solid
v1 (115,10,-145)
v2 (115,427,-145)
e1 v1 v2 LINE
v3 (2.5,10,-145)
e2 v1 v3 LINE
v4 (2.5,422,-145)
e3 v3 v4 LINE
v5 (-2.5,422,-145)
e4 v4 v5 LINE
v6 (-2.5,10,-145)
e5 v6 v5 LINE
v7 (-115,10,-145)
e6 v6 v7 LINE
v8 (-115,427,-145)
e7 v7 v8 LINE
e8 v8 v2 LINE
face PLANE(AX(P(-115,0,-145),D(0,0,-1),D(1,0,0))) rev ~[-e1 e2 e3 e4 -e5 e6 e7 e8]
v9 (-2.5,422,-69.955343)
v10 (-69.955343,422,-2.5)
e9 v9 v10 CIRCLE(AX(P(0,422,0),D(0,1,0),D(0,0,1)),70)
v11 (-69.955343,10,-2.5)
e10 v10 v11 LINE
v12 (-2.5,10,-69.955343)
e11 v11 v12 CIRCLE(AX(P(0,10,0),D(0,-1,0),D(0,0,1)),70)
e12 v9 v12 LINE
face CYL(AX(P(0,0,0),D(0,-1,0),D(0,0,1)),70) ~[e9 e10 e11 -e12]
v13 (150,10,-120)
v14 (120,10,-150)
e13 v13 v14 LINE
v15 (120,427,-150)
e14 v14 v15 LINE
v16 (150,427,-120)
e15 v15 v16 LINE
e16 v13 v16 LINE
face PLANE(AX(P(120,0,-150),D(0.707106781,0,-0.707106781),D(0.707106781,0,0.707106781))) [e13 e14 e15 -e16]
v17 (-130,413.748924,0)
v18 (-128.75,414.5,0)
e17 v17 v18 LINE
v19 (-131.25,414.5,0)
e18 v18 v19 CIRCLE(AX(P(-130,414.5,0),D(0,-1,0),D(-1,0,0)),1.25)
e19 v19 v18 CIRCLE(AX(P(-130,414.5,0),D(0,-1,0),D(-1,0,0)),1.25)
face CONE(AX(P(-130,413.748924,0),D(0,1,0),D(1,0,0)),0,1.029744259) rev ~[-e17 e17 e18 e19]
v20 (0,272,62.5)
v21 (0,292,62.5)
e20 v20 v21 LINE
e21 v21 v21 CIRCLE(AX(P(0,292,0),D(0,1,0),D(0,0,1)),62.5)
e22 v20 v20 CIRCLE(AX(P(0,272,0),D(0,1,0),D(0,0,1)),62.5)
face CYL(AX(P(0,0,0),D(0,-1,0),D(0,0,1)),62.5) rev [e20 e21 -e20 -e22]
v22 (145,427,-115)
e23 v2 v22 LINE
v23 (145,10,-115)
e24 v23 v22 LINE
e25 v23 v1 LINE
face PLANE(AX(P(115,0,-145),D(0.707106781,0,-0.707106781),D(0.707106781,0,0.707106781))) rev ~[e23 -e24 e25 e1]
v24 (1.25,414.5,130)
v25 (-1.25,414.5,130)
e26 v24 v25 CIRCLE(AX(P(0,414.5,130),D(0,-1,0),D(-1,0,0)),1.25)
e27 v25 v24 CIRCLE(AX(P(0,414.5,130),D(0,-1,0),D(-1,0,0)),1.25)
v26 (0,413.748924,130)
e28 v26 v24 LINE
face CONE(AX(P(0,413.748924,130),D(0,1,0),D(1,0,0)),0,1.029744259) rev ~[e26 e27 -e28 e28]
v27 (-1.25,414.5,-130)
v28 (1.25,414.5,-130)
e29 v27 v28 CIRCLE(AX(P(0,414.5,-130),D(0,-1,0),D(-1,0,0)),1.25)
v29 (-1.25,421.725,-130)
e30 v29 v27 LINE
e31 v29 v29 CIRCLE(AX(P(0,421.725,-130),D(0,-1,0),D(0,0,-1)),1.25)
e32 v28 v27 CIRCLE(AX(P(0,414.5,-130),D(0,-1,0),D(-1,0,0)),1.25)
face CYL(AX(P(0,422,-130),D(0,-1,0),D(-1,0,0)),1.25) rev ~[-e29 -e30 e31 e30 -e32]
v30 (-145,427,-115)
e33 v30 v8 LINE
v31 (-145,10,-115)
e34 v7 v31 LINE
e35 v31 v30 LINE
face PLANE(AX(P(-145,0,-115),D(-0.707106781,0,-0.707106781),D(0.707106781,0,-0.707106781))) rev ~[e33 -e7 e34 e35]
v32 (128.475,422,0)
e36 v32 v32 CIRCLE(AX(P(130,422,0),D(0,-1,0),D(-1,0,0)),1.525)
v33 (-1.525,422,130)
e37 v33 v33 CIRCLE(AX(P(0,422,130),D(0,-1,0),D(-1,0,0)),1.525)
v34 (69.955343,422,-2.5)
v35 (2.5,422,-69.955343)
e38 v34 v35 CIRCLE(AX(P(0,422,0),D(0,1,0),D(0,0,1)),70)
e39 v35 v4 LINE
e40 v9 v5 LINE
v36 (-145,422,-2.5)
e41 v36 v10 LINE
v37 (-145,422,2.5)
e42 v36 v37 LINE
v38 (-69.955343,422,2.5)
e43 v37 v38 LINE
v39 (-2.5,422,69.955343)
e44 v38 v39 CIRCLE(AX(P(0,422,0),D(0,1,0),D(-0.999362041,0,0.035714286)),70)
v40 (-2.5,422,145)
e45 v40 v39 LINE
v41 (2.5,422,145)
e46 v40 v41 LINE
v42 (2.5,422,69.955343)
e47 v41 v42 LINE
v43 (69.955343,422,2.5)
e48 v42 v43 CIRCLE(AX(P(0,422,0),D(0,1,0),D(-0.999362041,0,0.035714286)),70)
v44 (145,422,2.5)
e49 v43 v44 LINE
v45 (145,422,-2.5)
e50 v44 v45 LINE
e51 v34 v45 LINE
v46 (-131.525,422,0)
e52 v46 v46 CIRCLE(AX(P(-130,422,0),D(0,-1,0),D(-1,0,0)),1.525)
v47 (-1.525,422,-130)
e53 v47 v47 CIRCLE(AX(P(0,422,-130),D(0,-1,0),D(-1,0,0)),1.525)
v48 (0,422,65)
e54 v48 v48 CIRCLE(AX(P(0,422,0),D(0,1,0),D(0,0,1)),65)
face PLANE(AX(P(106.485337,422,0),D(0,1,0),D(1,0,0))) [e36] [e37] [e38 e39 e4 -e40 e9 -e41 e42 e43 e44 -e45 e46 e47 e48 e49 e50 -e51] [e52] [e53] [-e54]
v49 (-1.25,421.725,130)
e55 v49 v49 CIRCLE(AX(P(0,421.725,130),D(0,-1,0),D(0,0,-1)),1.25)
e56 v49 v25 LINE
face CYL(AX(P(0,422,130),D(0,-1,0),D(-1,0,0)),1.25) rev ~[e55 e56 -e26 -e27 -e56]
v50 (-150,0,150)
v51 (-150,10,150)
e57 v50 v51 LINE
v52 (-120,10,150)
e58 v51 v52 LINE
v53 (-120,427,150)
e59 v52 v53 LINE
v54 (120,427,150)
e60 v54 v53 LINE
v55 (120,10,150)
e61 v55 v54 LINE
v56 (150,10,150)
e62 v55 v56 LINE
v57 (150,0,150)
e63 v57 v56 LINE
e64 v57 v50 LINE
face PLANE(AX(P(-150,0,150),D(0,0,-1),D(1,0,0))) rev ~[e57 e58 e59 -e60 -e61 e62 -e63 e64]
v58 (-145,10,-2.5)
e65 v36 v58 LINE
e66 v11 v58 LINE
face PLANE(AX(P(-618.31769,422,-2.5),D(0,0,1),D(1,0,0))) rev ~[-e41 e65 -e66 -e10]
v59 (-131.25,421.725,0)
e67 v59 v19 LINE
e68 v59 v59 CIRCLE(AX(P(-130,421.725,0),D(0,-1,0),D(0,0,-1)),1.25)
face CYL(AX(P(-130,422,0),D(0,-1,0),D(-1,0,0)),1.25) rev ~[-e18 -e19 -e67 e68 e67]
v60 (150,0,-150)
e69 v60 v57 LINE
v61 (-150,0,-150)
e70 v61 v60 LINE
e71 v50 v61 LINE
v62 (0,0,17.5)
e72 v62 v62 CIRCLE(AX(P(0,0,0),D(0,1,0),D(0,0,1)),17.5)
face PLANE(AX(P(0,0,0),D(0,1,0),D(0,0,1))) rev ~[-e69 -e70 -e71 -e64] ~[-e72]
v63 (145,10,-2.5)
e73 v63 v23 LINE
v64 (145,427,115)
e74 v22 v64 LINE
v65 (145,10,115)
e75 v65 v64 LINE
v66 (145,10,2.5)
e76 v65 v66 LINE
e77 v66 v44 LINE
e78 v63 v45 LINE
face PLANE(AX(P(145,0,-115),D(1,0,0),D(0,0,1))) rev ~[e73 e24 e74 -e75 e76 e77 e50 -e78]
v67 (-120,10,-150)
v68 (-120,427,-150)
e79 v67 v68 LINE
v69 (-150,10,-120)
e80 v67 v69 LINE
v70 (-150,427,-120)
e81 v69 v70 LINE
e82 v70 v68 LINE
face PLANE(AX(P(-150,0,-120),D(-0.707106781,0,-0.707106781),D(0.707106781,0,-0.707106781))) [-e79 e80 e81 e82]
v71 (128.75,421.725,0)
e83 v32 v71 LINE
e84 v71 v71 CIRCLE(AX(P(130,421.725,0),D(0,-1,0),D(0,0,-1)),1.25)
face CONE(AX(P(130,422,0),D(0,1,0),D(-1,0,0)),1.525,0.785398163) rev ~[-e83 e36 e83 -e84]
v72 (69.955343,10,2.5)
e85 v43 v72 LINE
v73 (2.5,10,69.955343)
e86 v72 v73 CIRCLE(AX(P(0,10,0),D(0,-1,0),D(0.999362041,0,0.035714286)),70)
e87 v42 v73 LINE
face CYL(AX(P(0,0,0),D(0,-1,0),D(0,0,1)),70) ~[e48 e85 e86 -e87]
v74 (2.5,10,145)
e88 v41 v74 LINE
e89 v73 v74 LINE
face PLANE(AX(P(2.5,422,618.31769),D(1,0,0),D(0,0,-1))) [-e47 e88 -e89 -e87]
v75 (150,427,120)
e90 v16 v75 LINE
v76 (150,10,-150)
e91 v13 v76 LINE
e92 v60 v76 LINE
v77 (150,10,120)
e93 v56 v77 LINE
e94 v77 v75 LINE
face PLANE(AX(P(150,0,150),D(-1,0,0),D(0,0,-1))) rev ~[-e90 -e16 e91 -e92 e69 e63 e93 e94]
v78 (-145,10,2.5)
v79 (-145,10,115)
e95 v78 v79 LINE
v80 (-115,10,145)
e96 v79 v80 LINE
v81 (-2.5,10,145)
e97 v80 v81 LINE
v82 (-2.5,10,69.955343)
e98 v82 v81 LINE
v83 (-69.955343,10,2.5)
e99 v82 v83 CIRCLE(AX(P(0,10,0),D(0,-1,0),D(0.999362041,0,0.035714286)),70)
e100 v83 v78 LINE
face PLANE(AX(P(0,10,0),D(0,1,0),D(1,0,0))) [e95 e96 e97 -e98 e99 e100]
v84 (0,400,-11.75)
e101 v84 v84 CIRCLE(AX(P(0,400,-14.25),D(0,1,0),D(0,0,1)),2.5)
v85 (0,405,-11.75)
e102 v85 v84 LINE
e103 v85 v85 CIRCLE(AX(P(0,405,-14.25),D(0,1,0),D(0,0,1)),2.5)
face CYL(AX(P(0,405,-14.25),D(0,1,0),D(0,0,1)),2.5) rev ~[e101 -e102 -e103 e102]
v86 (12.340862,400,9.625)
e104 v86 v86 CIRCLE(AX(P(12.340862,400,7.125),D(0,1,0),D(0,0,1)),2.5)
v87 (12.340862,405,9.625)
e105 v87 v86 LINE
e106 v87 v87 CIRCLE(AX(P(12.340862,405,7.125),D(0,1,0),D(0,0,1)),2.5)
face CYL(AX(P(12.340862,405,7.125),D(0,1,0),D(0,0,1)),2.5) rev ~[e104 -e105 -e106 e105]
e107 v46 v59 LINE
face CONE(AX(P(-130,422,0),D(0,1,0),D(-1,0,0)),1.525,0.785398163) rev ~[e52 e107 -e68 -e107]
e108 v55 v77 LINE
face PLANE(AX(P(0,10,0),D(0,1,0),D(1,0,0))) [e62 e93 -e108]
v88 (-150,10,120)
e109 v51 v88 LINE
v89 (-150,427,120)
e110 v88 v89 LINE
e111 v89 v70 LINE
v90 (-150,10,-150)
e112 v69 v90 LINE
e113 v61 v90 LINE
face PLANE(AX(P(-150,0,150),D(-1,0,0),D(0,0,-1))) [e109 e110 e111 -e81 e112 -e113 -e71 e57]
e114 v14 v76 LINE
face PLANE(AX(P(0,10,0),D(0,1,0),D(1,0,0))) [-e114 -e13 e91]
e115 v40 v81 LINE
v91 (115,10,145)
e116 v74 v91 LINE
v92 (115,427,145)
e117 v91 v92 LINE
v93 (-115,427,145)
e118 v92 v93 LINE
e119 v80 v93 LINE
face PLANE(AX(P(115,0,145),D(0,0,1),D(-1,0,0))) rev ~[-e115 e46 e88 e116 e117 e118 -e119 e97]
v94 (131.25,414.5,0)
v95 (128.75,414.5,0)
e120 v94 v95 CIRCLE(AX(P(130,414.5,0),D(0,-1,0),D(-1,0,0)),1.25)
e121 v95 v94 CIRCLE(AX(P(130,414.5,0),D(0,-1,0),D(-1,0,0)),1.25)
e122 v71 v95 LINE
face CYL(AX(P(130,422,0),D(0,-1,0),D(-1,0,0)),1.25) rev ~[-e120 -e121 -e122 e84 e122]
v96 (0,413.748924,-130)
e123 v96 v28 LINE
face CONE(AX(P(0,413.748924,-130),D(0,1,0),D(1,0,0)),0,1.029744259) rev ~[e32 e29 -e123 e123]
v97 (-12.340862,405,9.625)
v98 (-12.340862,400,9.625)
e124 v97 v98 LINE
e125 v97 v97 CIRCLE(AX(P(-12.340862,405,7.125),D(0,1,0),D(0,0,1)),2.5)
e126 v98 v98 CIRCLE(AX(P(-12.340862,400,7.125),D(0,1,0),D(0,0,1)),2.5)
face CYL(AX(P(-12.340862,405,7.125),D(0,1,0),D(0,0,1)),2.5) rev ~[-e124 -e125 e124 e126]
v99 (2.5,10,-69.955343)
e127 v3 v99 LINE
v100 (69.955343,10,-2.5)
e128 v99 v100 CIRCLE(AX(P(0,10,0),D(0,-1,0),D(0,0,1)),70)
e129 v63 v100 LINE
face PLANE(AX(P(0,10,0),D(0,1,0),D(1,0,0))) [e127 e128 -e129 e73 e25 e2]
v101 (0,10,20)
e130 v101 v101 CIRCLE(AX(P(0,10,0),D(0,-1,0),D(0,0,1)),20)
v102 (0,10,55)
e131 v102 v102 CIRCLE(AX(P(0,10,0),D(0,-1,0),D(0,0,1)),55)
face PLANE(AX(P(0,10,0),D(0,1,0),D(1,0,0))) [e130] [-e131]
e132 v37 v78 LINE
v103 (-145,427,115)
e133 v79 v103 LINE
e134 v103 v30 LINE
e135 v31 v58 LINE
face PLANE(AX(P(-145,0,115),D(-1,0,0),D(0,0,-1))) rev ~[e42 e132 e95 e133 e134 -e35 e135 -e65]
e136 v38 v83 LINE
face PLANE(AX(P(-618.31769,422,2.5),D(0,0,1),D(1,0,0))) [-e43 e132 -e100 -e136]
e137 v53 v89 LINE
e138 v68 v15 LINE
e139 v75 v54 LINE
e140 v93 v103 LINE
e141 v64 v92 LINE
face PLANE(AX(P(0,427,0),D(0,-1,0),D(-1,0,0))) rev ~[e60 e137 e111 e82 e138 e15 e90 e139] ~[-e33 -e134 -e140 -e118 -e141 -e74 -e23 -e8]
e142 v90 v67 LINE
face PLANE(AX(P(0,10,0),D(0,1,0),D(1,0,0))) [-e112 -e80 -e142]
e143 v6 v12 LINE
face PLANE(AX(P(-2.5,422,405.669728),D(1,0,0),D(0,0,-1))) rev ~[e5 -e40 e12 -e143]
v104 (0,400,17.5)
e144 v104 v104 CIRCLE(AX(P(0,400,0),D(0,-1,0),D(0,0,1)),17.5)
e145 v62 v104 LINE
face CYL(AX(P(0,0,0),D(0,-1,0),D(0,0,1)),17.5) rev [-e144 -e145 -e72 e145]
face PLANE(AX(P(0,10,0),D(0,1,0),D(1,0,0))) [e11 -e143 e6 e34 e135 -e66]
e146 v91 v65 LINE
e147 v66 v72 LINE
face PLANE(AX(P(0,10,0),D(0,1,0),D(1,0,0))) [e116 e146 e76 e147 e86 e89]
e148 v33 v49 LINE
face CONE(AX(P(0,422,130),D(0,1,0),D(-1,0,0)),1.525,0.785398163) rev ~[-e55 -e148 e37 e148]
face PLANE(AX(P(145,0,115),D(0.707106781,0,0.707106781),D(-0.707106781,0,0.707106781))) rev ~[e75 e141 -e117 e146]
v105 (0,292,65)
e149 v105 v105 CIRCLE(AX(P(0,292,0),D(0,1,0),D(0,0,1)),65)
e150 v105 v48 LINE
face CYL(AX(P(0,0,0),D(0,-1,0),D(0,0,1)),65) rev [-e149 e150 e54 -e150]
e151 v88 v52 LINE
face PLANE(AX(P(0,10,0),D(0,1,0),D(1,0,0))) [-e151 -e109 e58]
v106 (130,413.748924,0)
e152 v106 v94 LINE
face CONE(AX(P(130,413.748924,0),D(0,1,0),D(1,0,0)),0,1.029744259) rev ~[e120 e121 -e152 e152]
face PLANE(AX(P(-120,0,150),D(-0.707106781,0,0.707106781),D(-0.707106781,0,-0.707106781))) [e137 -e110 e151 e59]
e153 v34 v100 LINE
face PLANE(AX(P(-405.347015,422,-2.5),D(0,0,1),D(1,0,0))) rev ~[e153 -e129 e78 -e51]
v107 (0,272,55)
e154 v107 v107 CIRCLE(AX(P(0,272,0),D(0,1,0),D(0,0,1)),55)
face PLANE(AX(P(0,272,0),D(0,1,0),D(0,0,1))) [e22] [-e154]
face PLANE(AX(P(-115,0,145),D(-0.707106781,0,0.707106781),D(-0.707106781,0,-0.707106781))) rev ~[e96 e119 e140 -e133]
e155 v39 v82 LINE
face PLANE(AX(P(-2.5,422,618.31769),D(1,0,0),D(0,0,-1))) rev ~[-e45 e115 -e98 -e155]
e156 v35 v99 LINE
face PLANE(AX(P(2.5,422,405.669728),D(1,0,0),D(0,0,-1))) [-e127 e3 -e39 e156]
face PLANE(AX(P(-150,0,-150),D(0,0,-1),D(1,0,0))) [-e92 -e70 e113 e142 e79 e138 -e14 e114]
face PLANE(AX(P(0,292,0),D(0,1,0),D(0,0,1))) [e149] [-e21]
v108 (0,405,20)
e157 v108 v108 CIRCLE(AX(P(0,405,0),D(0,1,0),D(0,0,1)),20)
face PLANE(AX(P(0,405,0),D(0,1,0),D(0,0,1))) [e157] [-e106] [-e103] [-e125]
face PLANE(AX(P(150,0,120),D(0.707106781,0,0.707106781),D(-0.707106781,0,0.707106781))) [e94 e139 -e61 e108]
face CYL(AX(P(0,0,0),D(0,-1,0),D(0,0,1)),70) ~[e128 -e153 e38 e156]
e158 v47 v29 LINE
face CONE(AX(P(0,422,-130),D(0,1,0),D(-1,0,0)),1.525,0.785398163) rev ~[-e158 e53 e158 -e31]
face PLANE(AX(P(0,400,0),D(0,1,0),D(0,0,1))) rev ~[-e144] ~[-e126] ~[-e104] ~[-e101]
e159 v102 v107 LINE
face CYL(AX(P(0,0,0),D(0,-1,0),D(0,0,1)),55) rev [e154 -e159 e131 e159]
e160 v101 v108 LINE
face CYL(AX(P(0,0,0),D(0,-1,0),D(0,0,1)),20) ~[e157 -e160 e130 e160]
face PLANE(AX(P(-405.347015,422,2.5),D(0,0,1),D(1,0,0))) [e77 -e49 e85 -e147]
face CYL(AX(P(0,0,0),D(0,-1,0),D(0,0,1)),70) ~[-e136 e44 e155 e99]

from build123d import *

# Parameters (mm, degrees)
SKETCH1_W                   = 300
SKETCH1_H                   = 300
SKETCH1_R                   = 17.5
BOSS_EXTRUDE1_DEPTH         = 10
SKETCH1_3_R                 = 65
SKETCH1_3_R_2               = 62.5
BOSS_EXTRUDE2_DEPTH         = 292
SKETCH1_4_R                 = 70
SKETCH1_4_R_2               = 65
BOSS_EXTRUDE3_DEPTH         = 422
SKETCH1_5_R                 = 20
SKETCH1_5_R_2               = 17.5
BOSS_EXTRUDE4_DEPTH         = 405
BOSS_EXTRUDE5_START         = -5
SKETCH3_R                   = 20
BOSS_EXTRUDE5_DEPTH         = 5
SKETCH4_R                   = 2.5
CUT_EXTRUDE1_DEPTH          = 5
BOSS_EXTRUDE6_DEPTH         = 427
RIB3_REACH                  = 474.318
SKETCH7_WALLS_W             = 1023.664705026
SKETCH7_WALLS_H             = 5
SKETCH7_WALLS_W_2           = 1024.247045089
SKETCH7_WALLS_W_3           = 5
SKETCH7_WALLS_H_2           = 1023.987417205
SKETCH7_WALLS_H_3           = 1024.344484495
M3_TAPPED_HOLE1_D           = 2.5
M3_TAPPED_HOLE1_DEPTH       = 7.5
M3_TAPPED_HOLE1_CSINK_D     = 3.05
M3_TAPPED_HOLE1_CSINK_ANGLE = 90
M3_TAPPED_HOLE1_TIP         = 0.751075774
SKETCH1_6_R                 = 62.5
SKETCH1_6_R_2               = 55
BOSS_EXTRUDE7_DEPTH         = 272


with BuildPart() as part:
    # Sketch1 → Boss-Extrude1 (new body)
    with BuildSketch(Plane(origin=(0, 0, 0), x_dir=(1, 0, 0), z_dir=(0, 1, 0))):
        Rectangle(SKETCH1_W, SKETCH1_H)
        Circle(SKETCH1_R, mode=Mode.SUBTRACT)
    extrude(amount=BOSS_EXTRUDE1_DEPTH)

    # Sketch1<3> → Boss-Extrude2 (add)
    with BuildSketch(Plane(origin=(0, 0, 0), x_dir=(1, 0, 0), z_dir=(0, 1, 0))):
        Circle(SKETCH1_3_R)
        Circle(SKETCH1_3_R_2, mode=Mode.SUBTRACT)
    extrude(amount=BOSS_EXTRUDE2_DEPTH)

    # Sketch1<4> → Boss-Extrude3 (add)
    with BuildSketch(Plane(origin=(0, 0, 0), x_dir=(1, 0, 0), z_dir=(0, 1, 0))):
        Circle(SKETCH1_4_R)
        Circle(SKETCH1_4_R_2, mode=Mode.SUBTRACT)
    extrude(amount=BOSS_EXTRUDE3_DEPTH)

    # Sketch1<5> → Boss-Extrude4 (add)
    with BuildSketch(Plane(origin=(0, 0, 0), x_dir=(1, 0, 0), z_dir=(0, 1, 0))):
        Circle(SKETCH1_5_R)
        Circle(SKETCH1_5_R_2, mode=Mode.SUBTRACT)
    extrude(amount=BOSS_EXTRUDE4_DEPTH)

    # Sketch3 → Boss-Extrude5 (add)
    with BuildSketch(Plane(origin=(0, 405, 0), x_dir=(1, 0, 0), z_dir=(0, 1, 0)).offset(BOSS_EXTRUDE5_START)):
        Circle(SKETCH3_R)
    extrude(amount=BOSS_EXTRUDE5_DEPTH)

    # Sketch4 → Cut-Extrude1 (cut)
    with BuildSketch(Plane(origin=(0, 405, 0), x_dir=(1, 0, 0), z_dir=(0, 1, 0))):
        with Locations((0, 14.25)):
            Circle(SKETCH4_R)
        with Locations((12.340862004, -7.125)):
            Circle(SKETCH4_R)
        with Locations((-12.340862004, -7.125)):
            Circle(SKETCH4_R)
    extrude(amount=-CUT_EXTRUDE1_DEPTH, mode=Mode.SUBTRACT)

    # Sketch6 → Boss-Extrude6 (add)
    with BuildSketch(Plane(origin=(0, 0, 0), x_dir=(1, 0, 0), z_dir=(0, 1, 0))):
        Polygon((-120, 150), (120, 150), (150, 120), (150, -120), (120, -150), (-120, -150), (-150, -120), (-150, 120), align=None)
        Polygon((115, 145), (145, 115), (145, -115), (115, -145), (-115, -145), (-145, -115), (-145, 115), (-115, 145), align=None, mode=Mode.SUBTRACT)
    extrude(amount=BOSS_EXTRUDE6_DEPTH)

    # Sketch7 walls → Rib3 (add, up to next)
    with BuildSketch(Plane(origin=(0, 422, 0), x_dir=(1, 0, 0), z_dir=(0, 1, 0)), mode=Mode.PRIVATE) as rib3_sk1:
        with Locations((106.485337183, 0)):
            Rectangle(SKETCH7_WALLS_W, SKETCH7_WALLS_H)
    rib3_tool1 = extrude(rib3_sk1.sketch, amount=-RIB3_REACH, mode=Mode.PRIVATE) - part.part
    # Sketch7 walls → Rib3 (add, up to next)
    with BuildSketch(Plane(origin=(0, 422, 0), x_dir=(1, 0, 0), z_dir=(0, 1, 0)), mode=Mode.PRIVATE) as rib3_sk2:
        with Locations((-106.194167151, 0)):
            Rectangle(SKETCH7_WALLS_W_2, SKETCH7_WALLS_H)
    rib3_tool2 = extrude(rib3_sk2.sketch, amount=-RIB3_REACH, mode=Mode.PRIVATE) - part.part
    # Sketch7 walls → Rib3 (add, up to next)
    with BuildSketch(Plane(origin=(0, 422, 0), x_dir=(1, 0, 0), z_dir=(0, 1, 0)), mode=Mode.PRIVATE) as rib3_sk3:
        with Locations((0, 106.323981093)):
            Rectangle(SKETCH7_WALLS_W_3, SKETCH7_WALLS_H_2)
    rib3_tool3 = extrude(rib3_sk3.sketch, amount=-RIB3_REACH, mode=Mode.PRIVATE) - part.part
    # Sketch7 walls → Rib3 (add, up to next)
    with BuildSketch(Plane(origin=(0, 422, 0), x_dir=(1, 0, 0), z_dir=(0, 1, 0)), mode=Mode.PRIVATE) as rib3_sk4:
        with Locations((0, -106.145447448)):
            Rectangle(SKETCH7_WALLS_W_3, SKETCH7_WALLS_H_3)
    rib3_tool4 = extrude(rib3_sk4.sketch, amount=-RIB3_REACH, mode=Mode.PRIVATE) - part.part
    add(rib3_tool1.solids().sort_by_distance((106.485337183, 422, 0))[0])
    add(rib3_tool2.solids().sort_by_distance((-106.194167152, 422, 0))[0])
    add(rib3_tool3.solids().sort_by_distance((0, 422, -106.323981094))[0])
    add(rib3_tool4.solids().sort_by_distance((0, 422, 106.145447449))[0])

    # M3 Tapped Hole1
    with Locations(Plane(origin=(0, 422, 0), x_dir=(1, 0, 0), z_dir=(0, 1, 0))):
        with Locations((0, 130), (130, 0), (0, -130), (-130, 0)):
            CounterSinkHole(M3_TAPPED_HOLE1_D / 2, M3_TAPPED_HOLE1_CSINK_D / 2, depth=M3_TAPPED_HOLE1_DEPTH, counter_sink_angle=M3_TAPPED_HOLE1_CSINK_ANGLE)
            with Locations((0, 0, -(M3_TAPPED_HOLE1_DEPTH + M3_TAPPED_HOLE1_TIP / 2))):  # 118° drill point
                Cone(0, M3_TAPPED_HOLE1_D / 2, M3_TAPPED_HOLE1_TIP, mode=Mode.SUBTRACT)

    # Sketch1<6> → Boss-Extrude7 (add)
    with BuildSketch(Plane(origin=(0, 0, 0), x_dir=(1, 0, 0), z_dir=(0, 1, 0))):
        Circle(SKETCH1_6_R)
        Circle(SKETCH1_6_R_2, mode=Mode.SUBTRACT)
    extrude(amount=BOSS_EXTRUDE7_DEPTH)


solid = part.part
